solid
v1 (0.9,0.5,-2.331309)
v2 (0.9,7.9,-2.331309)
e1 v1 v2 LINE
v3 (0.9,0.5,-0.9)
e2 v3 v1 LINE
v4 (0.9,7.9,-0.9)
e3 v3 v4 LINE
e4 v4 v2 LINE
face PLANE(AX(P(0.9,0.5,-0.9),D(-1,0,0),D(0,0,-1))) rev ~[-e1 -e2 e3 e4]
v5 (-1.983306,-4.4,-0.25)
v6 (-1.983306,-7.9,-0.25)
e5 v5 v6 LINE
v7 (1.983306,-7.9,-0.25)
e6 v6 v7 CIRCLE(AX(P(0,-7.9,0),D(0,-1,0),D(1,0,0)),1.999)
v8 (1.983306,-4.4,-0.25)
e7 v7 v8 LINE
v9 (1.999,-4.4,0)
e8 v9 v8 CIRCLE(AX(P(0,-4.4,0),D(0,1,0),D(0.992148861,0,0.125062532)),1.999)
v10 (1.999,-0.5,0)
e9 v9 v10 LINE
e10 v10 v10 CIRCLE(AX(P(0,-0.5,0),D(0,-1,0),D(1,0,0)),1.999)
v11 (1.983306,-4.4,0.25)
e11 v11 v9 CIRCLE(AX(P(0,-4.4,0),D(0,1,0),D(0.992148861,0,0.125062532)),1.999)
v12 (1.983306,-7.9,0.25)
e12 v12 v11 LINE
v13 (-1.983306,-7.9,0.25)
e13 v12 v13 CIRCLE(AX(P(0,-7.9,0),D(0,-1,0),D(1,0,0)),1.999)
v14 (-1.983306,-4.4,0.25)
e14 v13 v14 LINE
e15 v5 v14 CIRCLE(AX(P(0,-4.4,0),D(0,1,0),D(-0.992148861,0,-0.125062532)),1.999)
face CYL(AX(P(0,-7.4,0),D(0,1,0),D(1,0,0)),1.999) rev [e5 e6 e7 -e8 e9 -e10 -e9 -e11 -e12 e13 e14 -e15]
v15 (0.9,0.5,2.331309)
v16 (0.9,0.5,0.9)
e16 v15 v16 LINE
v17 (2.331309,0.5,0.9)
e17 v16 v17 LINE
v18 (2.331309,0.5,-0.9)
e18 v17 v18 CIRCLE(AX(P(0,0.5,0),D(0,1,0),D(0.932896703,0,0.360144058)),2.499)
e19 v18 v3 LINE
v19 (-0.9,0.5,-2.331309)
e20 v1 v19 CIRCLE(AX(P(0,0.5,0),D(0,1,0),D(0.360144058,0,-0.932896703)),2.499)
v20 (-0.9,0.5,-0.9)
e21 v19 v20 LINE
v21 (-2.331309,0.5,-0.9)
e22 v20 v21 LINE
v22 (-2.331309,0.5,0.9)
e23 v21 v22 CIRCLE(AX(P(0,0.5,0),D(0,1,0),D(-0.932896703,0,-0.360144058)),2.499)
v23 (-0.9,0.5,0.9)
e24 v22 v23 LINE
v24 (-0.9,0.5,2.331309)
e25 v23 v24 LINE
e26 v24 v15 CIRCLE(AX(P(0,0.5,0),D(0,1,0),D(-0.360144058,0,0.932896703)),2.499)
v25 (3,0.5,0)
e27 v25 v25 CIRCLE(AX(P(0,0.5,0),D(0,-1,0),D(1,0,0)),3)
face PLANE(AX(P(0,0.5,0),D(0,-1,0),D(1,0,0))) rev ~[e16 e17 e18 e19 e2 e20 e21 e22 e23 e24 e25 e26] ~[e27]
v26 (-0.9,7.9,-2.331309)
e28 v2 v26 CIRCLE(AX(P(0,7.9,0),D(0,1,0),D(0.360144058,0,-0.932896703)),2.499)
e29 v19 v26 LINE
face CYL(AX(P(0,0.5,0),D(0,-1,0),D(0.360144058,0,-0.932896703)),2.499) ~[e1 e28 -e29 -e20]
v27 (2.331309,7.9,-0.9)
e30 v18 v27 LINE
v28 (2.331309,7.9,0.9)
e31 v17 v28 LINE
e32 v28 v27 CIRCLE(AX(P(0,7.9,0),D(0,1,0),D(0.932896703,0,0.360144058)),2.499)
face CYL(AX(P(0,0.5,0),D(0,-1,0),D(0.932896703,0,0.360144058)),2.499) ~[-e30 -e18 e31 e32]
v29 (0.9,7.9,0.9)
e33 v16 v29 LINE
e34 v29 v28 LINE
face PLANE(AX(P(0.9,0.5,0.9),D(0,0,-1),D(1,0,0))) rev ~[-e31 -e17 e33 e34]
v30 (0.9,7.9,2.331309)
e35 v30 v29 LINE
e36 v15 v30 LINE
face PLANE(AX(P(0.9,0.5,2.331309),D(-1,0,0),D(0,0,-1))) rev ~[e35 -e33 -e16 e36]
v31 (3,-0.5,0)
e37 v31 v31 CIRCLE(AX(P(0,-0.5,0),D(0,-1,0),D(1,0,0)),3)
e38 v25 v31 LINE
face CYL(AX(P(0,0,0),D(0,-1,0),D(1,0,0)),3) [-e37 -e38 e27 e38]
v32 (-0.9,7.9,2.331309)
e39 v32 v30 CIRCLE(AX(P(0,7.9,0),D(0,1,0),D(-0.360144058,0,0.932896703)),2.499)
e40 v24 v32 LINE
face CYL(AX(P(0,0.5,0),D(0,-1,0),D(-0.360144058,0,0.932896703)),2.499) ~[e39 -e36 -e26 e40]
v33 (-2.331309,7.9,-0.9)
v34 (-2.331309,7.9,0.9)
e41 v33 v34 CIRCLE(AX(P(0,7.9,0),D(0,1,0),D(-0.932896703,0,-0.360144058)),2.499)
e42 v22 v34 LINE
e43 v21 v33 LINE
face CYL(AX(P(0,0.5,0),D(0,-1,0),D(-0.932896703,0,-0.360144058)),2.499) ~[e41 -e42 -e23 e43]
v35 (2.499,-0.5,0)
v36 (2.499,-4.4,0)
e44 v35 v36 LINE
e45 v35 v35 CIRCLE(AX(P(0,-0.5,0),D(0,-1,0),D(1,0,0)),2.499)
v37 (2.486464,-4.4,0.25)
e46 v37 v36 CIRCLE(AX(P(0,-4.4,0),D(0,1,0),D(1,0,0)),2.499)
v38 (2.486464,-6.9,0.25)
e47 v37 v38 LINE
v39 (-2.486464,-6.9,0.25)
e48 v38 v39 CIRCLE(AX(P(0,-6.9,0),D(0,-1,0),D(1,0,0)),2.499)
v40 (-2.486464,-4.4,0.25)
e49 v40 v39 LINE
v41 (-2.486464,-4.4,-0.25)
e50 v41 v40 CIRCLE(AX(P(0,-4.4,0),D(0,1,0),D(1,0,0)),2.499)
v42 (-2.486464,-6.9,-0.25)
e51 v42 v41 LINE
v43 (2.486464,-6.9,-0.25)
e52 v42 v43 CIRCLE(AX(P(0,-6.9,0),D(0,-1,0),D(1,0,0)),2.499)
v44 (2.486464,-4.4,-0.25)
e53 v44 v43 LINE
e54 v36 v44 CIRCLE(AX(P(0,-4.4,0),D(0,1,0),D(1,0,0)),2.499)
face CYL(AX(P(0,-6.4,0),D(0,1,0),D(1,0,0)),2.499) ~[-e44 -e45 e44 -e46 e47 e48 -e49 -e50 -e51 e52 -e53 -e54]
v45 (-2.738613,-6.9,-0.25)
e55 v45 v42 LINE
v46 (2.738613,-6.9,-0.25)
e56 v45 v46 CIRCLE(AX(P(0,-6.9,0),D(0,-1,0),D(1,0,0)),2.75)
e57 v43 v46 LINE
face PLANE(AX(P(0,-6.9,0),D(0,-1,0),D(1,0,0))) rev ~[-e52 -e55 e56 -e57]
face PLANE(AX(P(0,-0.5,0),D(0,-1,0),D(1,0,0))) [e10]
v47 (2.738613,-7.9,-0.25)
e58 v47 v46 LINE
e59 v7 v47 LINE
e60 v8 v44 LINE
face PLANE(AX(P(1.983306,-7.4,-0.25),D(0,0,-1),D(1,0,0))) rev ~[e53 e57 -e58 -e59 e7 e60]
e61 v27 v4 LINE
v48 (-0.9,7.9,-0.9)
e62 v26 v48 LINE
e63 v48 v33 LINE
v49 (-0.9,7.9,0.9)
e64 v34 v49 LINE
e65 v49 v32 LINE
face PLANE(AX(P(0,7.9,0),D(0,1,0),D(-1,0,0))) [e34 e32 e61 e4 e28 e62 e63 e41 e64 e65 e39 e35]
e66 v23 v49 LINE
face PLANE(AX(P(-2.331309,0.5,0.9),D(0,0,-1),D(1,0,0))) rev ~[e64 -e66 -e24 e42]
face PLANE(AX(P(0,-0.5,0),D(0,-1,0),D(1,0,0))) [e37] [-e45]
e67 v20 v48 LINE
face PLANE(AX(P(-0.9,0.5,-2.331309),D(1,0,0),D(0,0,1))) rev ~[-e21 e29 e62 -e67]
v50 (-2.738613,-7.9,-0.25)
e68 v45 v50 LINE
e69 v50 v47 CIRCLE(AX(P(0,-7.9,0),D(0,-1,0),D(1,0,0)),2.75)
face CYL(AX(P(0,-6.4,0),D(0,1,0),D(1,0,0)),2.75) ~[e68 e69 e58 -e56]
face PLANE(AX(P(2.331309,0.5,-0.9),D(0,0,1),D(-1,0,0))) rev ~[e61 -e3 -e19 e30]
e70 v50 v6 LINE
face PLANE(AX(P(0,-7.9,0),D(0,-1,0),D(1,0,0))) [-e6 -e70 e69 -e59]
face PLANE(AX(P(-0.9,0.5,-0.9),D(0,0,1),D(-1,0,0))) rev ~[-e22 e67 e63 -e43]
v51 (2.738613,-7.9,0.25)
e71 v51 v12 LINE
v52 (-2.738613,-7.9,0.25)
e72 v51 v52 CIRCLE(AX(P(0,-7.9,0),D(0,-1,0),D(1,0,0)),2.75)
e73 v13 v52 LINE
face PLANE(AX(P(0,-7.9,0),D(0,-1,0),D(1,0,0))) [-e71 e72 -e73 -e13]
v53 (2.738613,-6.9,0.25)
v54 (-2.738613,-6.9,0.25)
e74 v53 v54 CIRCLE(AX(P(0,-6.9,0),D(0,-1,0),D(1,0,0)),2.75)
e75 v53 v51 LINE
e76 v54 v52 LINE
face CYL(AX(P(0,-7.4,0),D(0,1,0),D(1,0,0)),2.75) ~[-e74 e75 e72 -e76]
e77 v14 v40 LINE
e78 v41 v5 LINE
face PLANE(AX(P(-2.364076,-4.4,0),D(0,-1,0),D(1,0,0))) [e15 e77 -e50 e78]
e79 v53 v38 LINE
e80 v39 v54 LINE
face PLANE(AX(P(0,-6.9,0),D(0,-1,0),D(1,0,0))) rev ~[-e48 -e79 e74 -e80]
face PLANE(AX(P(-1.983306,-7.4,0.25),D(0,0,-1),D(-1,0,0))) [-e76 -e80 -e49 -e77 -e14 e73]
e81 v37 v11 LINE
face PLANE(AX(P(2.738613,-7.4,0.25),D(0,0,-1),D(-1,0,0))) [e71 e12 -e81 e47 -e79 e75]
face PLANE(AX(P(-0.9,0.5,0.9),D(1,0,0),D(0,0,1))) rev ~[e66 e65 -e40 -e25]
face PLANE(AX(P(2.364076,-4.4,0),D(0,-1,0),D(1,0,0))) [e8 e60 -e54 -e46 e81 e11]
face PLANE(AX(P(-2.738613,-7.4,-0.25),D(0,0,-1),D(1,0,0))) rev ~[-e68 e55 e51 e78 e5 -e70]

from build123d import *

# Parameters (mm, degrees)
F0_R      = 3
F1_DEPTH  = 0.5
F2_R      = 2.499
F2_R_2    = 1.999
F3_DEPTH  = 5.9
F4_R      = 2.75
F4_R_2    = 1.999
F5_DEPTH  = 1
F7_DEPTH  = 3
F9_DEPTH  = 7.4
F10_DEPTH = 0.5
F11_DEPTH = 0.5


with BuildPart() as f1:
    # F0 (on Front) → F1 (new body, symmetric)
    with BuildSketch(Plane.XZ):
        Circle(F0_R)
    extrude(amount=F1_DEPTH, both=True)

    # F2 (on face) → F3 (join)
    with BuildSketch(Plane.XZ.offset(0.5)):
        Circle(F2_R)
        Circle(F2_R_2, mode=Mode.SUBTRACT)
    extrude(amount=F3_DEPTH)

    # F4 (on face) → F5 (join)
    with BuildSketch(Plane.XZ.offset(6.4)):
        Circle(F4_R)
        Circle(F4_R_2, mode=Mode.SUBTRACT)
    extrude(amount=F5_DEPTH)

    # F6 (on face) → F7 (cut)
    with BuildSketch(Plane.XZ.offset(7.4)):
        with BuildLine():
            ThreePointArc((2.7386127875, -0.25), (2.75, 0), (2.7386127875, 0.25))
            Line((2.7386127875, 0.25), (1.983305574, 0.25))
            ThreePointArc((1.983305574, 0.25), (1.999, 0), (1.983305574, -0.25))
            Line((1.983305574, -0.25), (2.7386127875, -0.25))
        make_face()
        with BuildLine():
            Line((-2.7386127875, -0.25), (-1.983305574, -0.25))
            ThreePointArc((-1.983305574, -0.25), (-1.999, 0), (-1.983305574, 0.25))
            Line((-1.983305574, 0.25), (-2.7386127875, 0.25))
            ThreePointArc((-2.7386127875, 0.25), (-2.75, 0), (-2.7386127875, -0.25))
        make_face()
    extrude(amount=-F7_DEPTH, mode=Mode.SUBTRACT)

    # F8 (on face) → F9 (join)
    with BuildSketch(Plane(origin=(0, 0.5, 0), x_dir=(-1, 0, 0), z_dir=(0, 1, 0))):
        with BuildLine():
            Line((-0.9, -0.9), (-0.9, -2.3313088598))
            ThreePointArc((-0.9, -2.3313088598), (0, -2.499), (0.9, -2.3313088598))
            Line((0.9, -2.3313088598), (0.9, -0.9))
            Line((0.9, -0.9), (2.3313088598, -0.9))
            ThreePointArc((2.3313088598, -0.9), (2.499, 0), (2.3313088598, 0.9))
            Line((2.3313088598, 0.9), (0.9, 0.9))
            Line((0.9, 0.9), (0.9, 2.3313088598))
            ThreePointArc((0.9, 2.3313088598), (0, 2.499), (-0.9, 2.3313088598))
            Line((-0.9, 2.3313088598), (-0.9, 0.9))
            Line((-0.9, 0.9), (-2.3313088598, 0.9))
            ThreePointArc((-2.3313088598, 0.9), (-2.499, 0), (-2.3313088598, -0.9))
            Line((-2.3313088598, -0.9), (-0.9, -0.9))
        make_face()
    extrude(amount=F9_DEPTH)

    # F10 (add): faces of the model
    f10_faces = [f1.faces().sort_by_distance(p)[0] for p in [
        (2.3609591808, -7.4, 0.3102079729),
        (0, -7.4, -2.6897920271),
    ]]
    extrude(f10_faces, amount=F10_DEPTH)

    # F11 (cut): faces of the model
    f11_faces = [f1.faces().sort_by_distance(p)[0] for p in [
        (2.6125381702, -6.4, 0.3102079729),
        (0, -6.4, -2.6897920271),
    ]]
    extrude(f11_faces, amount=-F11_DEPTH, mode=Mode.SUBTRACT)


solid = f1.part
